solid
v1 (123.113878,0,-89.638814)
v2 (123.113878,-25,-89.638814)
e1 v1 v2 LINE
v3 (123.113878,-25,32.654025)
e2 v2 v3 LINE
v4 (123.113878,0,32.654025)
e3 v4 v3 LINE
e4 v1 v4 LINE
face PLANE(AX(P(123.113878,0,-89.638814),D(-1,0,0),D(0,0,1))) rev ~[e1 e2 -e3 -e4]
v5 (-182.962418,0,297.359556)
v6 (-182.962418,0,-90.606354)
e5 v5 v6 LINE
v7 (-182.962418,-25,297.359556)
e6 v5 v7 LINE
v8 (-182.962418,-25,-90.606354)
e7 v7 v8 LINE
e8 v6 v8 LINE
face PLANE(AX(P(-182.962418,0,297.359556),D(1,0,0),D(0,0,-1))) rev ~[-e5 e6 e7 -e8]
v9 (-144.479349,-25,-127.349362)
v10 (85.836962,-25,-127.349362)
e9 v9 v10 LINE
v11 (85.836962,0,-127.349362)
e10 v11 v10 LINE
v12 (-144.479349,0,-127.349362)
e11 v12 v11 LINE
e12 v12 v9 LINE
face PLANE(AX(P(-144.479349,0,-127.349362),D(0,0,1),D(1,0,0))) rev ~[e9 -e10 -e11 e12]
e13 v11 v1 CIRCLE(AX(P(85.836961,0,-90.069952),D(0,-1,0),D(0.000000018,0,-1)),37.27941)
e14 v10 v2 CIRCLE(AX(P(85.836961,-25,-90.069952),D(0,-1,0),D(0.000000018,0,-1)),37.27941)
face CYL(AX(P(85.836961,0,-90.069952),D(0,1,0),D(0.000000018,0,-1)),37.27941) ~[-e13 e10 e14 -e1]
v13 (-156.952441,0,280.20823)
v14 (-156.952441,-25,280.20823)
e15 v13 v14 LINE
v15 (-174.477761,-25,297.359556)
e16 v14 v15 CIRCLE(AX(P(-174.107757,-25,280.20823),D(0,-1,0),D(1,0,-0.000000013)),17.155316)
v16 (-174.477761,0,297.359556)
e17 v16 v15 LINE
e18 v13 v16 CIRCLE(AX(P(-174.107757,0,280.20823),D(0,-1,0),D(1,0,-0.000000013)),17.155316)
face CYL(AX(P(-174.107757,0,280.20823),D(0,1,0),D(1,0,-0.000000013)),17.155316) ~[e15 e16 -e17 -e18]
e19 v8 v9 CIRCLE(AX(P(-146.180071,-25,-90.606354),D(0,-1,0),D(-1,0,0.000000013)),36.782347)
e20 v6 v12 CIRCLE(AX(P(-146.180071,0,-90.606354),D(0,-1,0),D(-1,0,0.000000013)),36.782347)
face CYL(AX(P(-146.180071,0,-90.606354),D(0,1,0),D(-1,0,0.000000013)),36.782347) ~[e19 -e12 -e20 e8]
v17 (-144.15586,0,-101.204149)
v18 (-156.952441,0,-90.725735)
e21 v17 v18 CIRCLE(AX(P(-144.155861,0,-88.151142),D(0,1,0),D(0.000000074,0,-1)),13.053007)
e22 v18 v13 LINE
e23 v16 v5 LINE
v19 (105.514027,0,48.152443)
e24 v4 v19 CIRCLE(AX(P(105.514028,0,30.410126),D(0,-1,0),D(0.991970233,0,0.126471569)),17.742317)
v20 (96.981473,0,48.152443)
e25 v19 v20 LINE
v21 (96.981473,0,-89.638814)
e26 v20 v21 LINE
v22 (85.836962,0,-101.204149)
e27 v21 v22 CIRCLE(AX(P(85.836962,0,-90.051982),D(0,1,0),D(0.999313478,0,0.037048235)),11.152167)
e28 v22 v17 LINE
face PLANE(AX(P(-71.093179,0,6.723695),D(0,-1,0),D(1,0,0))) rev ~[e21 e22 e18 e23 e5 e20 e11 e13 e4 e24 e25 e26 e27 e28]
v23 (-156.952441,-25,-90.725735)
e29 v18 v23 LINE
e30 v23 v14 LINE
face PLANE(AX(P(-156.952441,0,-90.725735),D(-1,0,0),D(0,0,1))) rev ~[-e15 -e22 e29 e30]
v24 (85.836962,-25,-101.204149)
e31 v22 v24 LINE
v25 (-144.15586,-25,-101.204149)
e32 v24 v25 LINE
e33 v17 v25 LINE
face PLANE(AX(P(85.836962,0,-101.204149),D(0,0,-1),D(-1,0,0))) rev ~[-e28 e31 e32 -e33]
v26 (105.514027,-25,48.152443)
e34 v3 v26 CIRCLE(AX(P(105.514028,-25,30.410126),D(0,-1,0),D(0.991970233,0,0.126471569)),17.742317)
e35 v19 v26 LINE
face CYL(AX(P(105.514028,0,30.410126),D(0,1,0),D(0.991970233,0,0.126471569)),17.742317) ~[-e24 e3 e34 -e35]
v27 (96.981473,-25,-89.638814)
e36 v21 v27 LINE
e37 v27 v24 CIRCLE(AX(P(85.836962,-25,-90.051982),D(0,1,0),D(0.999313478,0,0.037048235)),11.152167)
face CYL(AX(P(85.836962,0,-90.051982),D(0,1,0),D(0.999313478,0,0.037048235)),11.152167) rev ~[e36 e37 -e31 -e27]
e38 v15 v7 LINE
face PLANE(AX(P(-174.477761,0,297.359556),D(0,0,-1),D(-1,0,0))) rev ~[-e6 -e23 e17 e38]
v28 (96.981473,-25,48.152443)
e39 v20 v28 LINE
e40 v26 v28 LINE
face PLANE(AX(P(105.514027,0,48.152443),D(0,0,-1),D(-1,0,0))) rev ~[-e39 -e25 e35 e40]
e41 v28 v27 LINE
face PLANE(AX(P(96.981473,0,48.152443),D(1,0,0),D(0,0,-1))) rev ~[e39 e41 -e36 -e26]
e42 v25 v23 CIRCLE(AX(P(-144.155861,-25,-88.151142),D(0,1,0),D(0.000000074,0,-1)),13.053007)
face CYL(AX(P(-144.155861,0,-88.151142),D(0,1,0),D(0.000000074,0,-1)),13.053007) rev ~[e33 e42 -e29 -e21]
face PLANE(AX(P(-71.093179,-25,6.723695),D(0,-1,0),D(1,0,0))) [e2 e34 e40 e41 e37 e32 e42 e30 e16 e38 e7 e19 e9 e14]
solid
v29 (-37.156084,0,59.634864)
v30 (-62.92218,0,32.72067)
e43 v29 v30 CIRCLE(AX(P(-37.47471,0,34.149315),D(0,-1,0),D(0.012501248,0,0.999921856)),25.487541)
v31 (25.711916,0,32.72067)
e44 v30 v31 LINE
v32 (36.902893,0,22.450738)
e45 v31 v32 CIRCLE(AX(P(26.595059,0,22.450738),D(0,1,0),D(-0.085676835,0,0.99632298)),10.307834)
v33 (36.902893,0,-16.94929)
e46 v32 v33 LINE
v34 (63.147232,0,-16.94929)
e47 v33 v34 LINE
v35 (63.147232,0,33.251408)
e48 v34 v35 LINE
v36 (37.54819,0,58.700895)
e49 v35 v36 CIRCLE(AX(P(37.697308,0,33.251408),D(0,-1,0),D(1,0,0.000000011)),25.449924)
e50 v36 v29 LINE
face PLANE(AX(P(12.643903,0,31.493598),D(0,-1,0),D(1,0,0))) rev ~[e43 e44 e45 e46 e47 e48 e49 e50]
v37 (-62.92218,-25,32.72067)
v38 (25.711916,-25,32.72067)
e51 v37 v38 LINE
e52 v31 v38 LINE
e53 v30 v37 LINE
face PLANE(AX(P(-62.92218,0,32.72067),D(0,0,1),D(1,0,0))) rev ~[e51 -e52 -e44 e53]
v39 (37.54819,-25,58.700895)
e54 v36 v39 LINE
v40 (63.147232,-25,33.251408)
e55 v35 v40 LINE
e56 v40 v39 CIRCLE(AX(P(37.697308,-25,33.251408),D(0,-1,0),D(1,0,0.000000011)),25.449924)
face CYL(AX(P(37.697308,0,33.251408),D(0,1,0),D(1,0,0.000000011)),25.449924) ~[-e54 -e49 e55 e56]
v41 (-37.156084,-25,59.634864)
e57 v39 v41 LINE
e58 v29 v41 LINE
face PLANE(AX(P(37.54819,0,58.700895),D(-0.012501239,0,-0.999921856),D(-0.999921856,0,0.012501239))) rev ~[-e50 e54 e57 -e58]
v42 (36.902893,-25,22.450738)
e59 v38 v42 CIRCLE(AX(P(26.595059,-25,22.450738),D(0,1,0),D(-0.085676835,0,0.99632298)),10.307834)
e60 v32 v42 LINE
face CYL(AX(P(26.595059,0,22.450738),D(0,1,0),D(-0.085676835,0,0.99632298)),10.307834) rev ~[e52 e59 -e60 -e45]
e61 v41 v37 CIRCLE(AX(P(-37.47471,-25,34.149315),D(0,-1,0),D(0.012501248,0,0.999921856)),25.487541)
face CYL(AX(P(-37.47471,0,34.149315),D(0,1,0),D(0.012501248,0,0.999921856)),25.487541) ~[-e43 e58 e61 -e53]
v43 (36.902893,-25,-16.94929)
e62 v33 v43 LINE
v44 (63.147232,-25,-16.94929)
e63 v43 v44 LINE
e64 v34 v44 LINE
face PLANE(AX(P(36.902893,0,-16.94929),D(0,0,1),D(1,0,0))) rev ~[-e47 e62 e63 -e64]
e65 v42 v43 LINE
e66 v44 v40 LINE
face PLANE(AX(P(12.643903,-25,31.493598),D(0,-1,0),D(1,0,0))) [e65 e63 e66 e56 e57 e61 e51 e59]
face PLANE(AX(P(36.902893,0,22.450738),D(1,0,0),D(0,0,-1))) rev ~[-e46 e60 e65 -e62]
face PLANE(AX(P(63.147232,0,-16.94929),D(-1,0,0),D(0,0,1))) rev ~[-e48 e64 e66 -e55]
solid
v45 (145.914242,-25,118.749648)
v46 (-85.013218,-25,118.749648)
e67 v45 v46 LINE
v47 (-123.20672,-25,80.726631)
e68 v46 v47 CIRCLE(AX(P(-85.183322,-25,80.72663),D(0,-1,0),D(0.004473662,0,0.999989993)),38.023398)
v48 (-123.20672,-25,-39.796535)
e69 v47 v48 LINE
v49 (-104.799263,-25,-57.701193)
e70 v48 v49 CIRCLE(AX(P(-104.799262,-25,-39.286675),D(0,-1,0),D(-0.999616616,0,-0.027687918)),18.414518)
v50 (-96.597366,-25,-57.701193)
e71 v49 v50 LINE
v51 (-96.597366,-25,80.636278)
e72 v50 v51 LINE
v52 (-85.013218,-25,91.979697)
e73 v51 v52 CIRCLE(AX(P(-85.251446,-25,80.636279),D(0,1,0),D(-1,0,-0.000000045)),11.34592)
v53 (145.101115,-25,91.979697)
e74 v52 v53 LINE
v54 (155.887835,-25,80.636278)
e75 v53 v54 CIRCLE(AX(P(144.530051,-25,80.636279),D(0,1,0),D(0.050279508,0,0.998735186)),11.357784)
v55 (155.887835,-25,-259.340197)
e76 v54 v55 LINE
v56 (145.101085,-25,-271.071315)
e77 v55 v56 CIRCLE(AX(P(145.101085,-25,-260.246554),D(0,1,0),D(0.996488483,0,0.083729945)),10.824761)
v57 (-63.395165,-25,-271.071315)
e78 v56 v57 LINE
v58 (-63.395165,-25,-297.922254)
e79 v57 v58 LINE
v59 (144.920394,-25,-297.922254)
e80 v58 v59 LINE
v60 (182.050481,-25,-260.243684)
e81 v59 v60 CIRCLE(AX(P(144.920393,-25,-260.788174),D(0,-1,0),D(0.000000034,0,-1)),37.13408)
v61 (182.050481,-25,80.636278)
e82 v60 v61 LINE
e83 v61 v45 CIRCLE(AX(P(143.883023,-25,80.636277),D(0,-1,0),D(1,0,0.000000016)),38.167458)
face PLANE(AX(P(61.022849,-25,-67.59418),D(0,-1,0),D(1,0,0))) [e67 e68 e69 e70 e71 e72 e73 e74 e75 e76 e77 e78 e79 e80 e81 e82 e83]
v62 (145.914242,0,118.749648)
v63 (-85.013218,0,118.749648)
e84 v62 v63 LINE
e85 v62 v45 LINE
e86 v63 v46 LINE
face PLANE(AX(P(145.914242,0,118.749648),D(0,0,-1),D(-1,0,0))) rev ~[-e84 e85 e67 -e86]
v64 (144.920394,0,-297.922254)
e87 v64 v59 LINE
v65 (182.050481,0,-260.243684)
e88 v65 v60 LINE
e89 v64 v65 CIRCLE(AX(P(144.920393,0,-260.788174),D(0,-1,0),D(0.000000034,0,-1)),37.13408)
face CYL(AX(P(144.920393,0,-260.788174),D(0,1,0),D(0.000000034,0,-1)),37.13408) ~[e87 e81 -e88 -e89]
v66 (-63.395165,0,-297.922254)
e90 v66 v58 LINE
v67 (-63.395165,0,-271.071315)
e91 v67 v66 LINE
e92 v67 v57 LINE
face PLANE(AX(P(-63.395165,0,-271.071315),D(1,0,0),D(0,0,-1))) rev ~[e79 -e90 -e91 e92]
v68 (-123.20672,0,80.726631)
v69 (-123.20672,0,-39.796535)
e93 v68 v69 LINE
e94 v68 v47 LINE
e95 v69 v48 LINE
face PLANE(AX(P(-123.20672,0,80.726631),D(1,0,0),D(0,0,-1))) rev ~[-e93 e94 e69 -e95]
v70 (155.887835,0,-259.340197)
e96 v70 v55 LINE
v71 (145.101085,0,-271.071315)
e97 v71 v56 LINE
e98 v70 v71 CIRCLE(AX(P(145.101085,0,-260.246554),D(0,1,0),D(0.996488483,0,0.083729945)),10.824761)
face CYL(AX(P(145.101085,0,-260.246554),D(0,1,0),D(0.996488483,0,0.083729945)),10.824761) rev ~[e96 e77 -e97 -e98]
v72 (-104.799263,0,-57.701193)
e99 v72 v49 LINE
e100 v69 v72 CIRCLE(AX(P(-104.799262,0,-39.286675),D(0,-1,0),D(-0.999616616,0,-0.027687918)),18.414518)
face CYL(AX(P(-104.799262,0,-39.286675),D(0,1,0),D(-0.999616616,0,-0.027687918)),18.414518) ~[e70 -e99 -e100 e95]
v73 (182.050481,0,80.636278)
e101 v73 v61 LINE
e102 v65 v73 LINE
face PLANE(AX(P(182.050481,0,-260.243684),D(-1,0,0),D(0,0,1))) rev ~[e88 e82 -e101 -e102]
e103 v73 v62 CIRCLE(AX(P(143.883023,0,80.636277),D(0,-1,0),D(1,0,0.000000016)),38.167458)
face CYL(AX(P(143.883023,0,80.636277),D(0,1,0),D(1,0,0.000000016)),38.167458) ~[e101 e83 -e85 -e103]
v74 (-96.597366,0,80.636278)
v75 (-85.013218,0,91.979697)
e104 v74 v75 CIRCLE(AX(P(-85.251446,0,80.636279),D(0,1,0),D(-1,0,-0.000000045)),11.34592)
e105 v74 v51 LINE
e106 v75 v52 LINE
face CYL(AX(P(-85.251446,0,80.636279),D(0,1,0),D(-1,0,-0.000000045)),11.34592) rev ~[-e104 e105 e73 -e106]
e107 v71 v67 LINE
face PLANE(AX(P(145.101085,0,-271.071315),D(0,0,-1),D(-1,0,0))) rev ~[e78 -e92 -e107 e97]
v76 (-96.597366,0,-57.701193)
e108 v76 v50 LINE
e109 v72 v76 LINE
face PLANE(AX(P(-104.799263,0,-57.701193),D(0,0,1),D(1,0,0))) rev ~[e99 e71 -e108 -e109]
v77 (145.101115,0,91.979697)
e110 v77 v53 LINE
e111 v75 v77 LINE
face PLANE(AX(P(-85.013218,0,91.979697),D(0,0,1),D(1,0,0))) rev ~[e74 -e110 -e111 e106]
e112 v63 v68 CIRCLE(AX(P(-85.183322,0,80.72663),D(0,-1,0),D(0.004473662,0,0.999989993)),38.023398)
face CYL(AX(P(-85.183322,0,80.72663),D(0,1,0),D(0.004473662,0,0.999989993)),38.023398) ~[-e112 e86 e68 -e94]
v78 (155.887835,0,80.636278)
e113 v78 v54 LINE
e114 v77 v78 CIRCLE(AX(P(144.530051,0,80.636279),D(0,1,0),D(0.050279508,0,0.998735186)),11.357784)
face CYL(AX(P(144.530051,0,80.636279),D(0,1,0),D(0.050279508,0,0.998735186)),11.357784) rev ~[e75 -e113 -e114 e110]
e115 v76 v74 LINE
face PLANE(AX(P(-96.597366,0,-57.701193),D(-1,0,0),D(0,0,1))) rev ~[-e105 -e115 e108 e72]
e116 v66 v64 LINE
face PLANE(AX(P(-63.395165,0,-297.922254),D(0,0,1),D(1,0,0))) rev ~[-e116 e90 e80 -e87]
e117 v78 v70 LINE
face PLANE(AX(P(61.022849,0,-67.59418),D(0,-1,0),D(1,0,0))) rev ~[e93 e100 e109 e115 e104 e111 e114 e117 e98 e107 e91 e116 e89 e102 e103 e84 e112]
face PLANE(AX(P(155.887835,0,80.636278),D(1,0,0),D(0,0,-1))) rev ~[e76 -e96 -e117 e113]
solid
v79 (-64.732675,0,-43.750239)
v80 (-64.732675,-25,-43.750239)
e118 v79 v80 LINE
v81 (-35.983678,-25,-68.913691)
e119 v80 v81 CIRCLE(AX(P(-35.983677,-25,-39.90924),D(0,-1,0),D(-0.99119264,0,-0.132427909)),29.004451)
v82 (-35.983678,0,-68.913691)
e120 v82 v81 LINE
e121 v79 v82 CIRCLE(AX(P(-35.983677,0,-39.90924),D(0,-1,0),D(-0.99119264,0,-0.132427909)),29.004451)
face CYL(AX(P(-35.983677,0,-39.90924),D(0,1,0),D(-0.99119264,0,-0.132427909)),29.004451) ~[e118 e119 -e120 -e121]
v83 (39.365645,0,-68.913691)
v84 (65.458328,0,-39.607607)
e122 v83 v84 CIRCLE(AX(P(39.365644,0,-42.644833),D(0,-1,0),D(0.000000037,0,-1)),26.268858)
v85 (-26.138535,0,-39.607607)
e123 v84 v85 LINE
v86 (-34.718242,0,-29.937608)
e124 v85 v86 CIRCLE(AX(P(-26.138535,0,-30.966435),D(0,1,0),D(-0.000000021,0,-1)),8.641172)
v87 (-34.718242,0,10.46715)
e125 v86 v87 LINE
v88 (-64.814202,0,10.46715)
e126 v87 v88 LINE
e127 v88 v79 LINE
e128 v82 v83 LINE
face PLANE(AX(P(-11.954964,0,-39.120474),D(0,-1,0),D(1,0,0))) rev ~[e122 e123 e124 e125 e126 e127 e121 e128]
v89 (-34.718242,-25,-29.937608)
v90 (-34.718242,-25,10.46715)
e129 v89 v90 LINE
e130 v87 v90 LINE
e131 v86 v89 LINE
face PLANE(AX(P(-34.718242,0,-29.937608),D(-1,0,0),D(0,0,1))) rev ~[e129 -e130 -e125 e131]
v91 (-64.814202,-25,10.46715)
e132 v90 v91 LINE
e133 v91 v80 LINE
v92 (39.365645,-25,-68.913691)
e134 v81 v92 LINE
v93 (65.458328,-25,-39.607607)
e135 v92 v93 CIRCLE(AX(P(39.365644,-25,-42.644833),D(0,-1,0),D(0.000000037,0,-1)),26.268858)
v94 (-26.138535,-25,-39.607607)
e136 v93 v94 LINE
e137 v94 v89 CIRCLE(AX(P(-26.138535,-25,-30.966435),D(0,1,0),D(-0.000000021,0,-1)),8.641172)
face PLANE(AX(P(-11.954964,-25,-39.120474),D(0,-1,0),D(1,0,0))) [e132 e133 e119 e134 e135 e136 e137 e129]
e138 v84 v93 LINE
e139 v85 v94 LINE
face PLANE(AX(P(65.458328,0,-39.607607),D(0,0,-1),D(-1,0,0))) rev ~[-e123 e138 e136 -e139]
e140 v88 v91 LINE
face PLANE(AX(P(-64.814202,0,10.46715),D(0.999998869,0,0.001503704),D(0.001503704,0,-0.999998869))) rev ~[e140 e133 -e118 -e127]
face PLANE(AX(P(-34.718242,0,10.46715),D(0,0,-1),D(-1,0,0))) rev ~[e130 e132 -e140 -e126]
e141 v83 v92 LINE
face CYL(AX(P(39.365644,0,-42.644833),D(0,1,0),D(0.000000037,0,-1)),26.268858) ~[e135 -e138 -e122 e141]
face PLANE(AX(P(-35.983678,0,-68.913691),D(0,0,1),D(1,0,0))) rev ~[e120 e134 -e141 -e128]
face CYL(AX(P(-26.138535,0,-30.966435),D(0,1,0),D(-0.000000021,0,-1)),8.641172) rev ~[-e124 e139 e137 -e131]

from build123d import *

# Parameters (mm, degrees)
F1_DEPTH = 25
F3_DEPTH = 25
F5_DEPTH = 25
F7_DEPTH = 25


with BuildPart() as f1:
    # F0 (on Front) → F1 (new body)
    with BuildSketch(Plane.XZ):
        with BuildLine():
            Line((-174.477761, 297.359556), (-182.962418, 297.359556))
            Line((-182.962418, 297.359556), (-182.962418, -90.606354))
            ThreePointArc((-182.962418, -90.606354), (-171.580706, -117.209903), (-144.479349, -127.349362))
            Line((-144.479349, -127.349362), (85.836962, -127.349362))
            ThreePointArc((85.836962, -127.349362), (112.349477, -116.277602), (123.113878, -89.638814))
            Line((123.113878, -89.638814), (123.113878, 32.654025))
            ThreePointArc((123.113878, 32.654025), (117.239595, 43.725564), (105.514027, 48.152443))
            Line((105.514027, 48.152443), (96.981473, 48.152443))
            Line((96.981473, 48.152443), (96.981473, -89.638814))
            ThreePointArc((96.981473, -89.638814), (93.867483, -97.7903), (85.836962, -101.204149))
            Line((85.836962, -101.204149), (-144.15586, -101.204149))
            ThreePointArc((-144.15586, -101.204149), (-152.425528, -98.25033), (-156.952441, -90.725735))
            Line((-156.952441, -90.725735), (-156.952441, 280.20823))
            ThreePointArc((-156.952441, 280.20823), (-162.108646, 292.468989), (-174.477761, 297.359556))
        make_face()
    extrude(amount=F1_DEPTH)


with BuildPart() as f3:
    # F2 (on Front) → F3 (new body)
    with BuildSketch(Plane.XZ):
        with BuildLine():
            Line((-34.718242, 10.46715), (-64.814202, 10.46715))
            Line((-64.814202, 10.46715), (-64.732675, -43.750239))
            ThreePointArc((-64.732675, -43.750239), (-55.086715, -61.734274), (-35.983678, -68.913691))
            Line((-35.983678, -68.913691), (39.365645, -68.913691))
            ThreePointArc((39.365645, -68.913691), (58.984989, -60.112924), (65.458328, -39.607607))
            Line((65.458328, -39.607607), (-26.138535, -39.607607))
            ThreePointArc((-26.138535, -39.607607), (-32.602285, -36.701397), (-34.718242, -29.937608))
            Line((-34.718242, -29.937608), (-34.718242, 10.46715))
        make_face()
    extrude(amount=F3_DEPTH)


with BuildPart() as f5:
    # F4 (on Front) → F5 (new body)
    with BuildSketch(Plane.XZ):
        with BuildLine():
            ThreePointArc((-37.156084, 59.634864), (-55.885526, 51.774768), (-62.92218, 32.72067))
            Line((-62.92218, 32.72067), (25.711916, 32.72067))
            ThreePointArc((25.711916, 32.72067), (33.56457, 30.045299), (36.902893, 22.450738))
            Line((36.902893, 22.450738), (36.902893, -16.94929))
            Line((36.902893, -16.94929), (63.147232, -16.94929))
            Line((63.147232, -16.94929), (63.147232, 33.251408))
            ThreePointArc((63.147232, 33.251408), (55.640323, 51.299866), (37.54819, 58.700895))
            Line((37.54819, 58.700895), (-37.156084, 59.634864))
        make_face()
    extrude(amount=F5_DEPTH)


with BuildPart() as f7:
    # F6 (on Front) → F7 (new body)
    with BuildSketch(Plane.XZ):
        with BuildLine():
            Line((-104.799263, -57.701193), (-96.597366, -57.701193))
            Line((-96.597366, -57.701193), (-96.597366, 80.636278))
            ThreePointArc((-96.597366, 80.636278), (-93.18955, 88.742844), (-85.013218, 91.979697))
            Line((-85.013218, 91.979697), (145.101115, 91.979697))
            ThreePointArc((145.101115, 91.979697), (152.760643, 88.462939), (155.887835, 80.636278))
            Line((155.887835, 80.636278), (155.887835, -259.340197))
            ThreePointArc((155.887835, -259.340197), (153.069352, -267.573366), (145.101085, -271.071315))
            Line((145.101085, -271.071315), (-63.395165, -271.071315))
            Line((-63.395165, -271.071315), (-63.395165, -297.922254))
            Line((-63.395165, -297.922254), (144.920394, -297.922254))
            ThreePointArc((144.920394, -297.922254), (171.369959, -286.852716), (182.050481, -260.243684))
            Line((182.050481, -260.243684), (182.050481, 80.636278))
            ThreePointArc((182.050481, 80.636278), (171.580327, 106.896784), (145.914242, 118.749648))
            Line((145.914242, 118.749648), (-85.013218, 118.749648))
            ThreePointArc((-85.013218, 118.749648), (-112.009716, 107.673307), (-123.20672, 80.726631))
            Line((-123.20672, 80.726631), (-123.20672, -39.796535))
            ThreePointArc((-123.20672, -39.796535), (-117.638765, -52.486737), (-104.799263, -57.701193))
        make_face()
    extrude(amount=F7_DEPTH)


solid = Compound([f1.part, f3.part, f5.part, f7.part])
